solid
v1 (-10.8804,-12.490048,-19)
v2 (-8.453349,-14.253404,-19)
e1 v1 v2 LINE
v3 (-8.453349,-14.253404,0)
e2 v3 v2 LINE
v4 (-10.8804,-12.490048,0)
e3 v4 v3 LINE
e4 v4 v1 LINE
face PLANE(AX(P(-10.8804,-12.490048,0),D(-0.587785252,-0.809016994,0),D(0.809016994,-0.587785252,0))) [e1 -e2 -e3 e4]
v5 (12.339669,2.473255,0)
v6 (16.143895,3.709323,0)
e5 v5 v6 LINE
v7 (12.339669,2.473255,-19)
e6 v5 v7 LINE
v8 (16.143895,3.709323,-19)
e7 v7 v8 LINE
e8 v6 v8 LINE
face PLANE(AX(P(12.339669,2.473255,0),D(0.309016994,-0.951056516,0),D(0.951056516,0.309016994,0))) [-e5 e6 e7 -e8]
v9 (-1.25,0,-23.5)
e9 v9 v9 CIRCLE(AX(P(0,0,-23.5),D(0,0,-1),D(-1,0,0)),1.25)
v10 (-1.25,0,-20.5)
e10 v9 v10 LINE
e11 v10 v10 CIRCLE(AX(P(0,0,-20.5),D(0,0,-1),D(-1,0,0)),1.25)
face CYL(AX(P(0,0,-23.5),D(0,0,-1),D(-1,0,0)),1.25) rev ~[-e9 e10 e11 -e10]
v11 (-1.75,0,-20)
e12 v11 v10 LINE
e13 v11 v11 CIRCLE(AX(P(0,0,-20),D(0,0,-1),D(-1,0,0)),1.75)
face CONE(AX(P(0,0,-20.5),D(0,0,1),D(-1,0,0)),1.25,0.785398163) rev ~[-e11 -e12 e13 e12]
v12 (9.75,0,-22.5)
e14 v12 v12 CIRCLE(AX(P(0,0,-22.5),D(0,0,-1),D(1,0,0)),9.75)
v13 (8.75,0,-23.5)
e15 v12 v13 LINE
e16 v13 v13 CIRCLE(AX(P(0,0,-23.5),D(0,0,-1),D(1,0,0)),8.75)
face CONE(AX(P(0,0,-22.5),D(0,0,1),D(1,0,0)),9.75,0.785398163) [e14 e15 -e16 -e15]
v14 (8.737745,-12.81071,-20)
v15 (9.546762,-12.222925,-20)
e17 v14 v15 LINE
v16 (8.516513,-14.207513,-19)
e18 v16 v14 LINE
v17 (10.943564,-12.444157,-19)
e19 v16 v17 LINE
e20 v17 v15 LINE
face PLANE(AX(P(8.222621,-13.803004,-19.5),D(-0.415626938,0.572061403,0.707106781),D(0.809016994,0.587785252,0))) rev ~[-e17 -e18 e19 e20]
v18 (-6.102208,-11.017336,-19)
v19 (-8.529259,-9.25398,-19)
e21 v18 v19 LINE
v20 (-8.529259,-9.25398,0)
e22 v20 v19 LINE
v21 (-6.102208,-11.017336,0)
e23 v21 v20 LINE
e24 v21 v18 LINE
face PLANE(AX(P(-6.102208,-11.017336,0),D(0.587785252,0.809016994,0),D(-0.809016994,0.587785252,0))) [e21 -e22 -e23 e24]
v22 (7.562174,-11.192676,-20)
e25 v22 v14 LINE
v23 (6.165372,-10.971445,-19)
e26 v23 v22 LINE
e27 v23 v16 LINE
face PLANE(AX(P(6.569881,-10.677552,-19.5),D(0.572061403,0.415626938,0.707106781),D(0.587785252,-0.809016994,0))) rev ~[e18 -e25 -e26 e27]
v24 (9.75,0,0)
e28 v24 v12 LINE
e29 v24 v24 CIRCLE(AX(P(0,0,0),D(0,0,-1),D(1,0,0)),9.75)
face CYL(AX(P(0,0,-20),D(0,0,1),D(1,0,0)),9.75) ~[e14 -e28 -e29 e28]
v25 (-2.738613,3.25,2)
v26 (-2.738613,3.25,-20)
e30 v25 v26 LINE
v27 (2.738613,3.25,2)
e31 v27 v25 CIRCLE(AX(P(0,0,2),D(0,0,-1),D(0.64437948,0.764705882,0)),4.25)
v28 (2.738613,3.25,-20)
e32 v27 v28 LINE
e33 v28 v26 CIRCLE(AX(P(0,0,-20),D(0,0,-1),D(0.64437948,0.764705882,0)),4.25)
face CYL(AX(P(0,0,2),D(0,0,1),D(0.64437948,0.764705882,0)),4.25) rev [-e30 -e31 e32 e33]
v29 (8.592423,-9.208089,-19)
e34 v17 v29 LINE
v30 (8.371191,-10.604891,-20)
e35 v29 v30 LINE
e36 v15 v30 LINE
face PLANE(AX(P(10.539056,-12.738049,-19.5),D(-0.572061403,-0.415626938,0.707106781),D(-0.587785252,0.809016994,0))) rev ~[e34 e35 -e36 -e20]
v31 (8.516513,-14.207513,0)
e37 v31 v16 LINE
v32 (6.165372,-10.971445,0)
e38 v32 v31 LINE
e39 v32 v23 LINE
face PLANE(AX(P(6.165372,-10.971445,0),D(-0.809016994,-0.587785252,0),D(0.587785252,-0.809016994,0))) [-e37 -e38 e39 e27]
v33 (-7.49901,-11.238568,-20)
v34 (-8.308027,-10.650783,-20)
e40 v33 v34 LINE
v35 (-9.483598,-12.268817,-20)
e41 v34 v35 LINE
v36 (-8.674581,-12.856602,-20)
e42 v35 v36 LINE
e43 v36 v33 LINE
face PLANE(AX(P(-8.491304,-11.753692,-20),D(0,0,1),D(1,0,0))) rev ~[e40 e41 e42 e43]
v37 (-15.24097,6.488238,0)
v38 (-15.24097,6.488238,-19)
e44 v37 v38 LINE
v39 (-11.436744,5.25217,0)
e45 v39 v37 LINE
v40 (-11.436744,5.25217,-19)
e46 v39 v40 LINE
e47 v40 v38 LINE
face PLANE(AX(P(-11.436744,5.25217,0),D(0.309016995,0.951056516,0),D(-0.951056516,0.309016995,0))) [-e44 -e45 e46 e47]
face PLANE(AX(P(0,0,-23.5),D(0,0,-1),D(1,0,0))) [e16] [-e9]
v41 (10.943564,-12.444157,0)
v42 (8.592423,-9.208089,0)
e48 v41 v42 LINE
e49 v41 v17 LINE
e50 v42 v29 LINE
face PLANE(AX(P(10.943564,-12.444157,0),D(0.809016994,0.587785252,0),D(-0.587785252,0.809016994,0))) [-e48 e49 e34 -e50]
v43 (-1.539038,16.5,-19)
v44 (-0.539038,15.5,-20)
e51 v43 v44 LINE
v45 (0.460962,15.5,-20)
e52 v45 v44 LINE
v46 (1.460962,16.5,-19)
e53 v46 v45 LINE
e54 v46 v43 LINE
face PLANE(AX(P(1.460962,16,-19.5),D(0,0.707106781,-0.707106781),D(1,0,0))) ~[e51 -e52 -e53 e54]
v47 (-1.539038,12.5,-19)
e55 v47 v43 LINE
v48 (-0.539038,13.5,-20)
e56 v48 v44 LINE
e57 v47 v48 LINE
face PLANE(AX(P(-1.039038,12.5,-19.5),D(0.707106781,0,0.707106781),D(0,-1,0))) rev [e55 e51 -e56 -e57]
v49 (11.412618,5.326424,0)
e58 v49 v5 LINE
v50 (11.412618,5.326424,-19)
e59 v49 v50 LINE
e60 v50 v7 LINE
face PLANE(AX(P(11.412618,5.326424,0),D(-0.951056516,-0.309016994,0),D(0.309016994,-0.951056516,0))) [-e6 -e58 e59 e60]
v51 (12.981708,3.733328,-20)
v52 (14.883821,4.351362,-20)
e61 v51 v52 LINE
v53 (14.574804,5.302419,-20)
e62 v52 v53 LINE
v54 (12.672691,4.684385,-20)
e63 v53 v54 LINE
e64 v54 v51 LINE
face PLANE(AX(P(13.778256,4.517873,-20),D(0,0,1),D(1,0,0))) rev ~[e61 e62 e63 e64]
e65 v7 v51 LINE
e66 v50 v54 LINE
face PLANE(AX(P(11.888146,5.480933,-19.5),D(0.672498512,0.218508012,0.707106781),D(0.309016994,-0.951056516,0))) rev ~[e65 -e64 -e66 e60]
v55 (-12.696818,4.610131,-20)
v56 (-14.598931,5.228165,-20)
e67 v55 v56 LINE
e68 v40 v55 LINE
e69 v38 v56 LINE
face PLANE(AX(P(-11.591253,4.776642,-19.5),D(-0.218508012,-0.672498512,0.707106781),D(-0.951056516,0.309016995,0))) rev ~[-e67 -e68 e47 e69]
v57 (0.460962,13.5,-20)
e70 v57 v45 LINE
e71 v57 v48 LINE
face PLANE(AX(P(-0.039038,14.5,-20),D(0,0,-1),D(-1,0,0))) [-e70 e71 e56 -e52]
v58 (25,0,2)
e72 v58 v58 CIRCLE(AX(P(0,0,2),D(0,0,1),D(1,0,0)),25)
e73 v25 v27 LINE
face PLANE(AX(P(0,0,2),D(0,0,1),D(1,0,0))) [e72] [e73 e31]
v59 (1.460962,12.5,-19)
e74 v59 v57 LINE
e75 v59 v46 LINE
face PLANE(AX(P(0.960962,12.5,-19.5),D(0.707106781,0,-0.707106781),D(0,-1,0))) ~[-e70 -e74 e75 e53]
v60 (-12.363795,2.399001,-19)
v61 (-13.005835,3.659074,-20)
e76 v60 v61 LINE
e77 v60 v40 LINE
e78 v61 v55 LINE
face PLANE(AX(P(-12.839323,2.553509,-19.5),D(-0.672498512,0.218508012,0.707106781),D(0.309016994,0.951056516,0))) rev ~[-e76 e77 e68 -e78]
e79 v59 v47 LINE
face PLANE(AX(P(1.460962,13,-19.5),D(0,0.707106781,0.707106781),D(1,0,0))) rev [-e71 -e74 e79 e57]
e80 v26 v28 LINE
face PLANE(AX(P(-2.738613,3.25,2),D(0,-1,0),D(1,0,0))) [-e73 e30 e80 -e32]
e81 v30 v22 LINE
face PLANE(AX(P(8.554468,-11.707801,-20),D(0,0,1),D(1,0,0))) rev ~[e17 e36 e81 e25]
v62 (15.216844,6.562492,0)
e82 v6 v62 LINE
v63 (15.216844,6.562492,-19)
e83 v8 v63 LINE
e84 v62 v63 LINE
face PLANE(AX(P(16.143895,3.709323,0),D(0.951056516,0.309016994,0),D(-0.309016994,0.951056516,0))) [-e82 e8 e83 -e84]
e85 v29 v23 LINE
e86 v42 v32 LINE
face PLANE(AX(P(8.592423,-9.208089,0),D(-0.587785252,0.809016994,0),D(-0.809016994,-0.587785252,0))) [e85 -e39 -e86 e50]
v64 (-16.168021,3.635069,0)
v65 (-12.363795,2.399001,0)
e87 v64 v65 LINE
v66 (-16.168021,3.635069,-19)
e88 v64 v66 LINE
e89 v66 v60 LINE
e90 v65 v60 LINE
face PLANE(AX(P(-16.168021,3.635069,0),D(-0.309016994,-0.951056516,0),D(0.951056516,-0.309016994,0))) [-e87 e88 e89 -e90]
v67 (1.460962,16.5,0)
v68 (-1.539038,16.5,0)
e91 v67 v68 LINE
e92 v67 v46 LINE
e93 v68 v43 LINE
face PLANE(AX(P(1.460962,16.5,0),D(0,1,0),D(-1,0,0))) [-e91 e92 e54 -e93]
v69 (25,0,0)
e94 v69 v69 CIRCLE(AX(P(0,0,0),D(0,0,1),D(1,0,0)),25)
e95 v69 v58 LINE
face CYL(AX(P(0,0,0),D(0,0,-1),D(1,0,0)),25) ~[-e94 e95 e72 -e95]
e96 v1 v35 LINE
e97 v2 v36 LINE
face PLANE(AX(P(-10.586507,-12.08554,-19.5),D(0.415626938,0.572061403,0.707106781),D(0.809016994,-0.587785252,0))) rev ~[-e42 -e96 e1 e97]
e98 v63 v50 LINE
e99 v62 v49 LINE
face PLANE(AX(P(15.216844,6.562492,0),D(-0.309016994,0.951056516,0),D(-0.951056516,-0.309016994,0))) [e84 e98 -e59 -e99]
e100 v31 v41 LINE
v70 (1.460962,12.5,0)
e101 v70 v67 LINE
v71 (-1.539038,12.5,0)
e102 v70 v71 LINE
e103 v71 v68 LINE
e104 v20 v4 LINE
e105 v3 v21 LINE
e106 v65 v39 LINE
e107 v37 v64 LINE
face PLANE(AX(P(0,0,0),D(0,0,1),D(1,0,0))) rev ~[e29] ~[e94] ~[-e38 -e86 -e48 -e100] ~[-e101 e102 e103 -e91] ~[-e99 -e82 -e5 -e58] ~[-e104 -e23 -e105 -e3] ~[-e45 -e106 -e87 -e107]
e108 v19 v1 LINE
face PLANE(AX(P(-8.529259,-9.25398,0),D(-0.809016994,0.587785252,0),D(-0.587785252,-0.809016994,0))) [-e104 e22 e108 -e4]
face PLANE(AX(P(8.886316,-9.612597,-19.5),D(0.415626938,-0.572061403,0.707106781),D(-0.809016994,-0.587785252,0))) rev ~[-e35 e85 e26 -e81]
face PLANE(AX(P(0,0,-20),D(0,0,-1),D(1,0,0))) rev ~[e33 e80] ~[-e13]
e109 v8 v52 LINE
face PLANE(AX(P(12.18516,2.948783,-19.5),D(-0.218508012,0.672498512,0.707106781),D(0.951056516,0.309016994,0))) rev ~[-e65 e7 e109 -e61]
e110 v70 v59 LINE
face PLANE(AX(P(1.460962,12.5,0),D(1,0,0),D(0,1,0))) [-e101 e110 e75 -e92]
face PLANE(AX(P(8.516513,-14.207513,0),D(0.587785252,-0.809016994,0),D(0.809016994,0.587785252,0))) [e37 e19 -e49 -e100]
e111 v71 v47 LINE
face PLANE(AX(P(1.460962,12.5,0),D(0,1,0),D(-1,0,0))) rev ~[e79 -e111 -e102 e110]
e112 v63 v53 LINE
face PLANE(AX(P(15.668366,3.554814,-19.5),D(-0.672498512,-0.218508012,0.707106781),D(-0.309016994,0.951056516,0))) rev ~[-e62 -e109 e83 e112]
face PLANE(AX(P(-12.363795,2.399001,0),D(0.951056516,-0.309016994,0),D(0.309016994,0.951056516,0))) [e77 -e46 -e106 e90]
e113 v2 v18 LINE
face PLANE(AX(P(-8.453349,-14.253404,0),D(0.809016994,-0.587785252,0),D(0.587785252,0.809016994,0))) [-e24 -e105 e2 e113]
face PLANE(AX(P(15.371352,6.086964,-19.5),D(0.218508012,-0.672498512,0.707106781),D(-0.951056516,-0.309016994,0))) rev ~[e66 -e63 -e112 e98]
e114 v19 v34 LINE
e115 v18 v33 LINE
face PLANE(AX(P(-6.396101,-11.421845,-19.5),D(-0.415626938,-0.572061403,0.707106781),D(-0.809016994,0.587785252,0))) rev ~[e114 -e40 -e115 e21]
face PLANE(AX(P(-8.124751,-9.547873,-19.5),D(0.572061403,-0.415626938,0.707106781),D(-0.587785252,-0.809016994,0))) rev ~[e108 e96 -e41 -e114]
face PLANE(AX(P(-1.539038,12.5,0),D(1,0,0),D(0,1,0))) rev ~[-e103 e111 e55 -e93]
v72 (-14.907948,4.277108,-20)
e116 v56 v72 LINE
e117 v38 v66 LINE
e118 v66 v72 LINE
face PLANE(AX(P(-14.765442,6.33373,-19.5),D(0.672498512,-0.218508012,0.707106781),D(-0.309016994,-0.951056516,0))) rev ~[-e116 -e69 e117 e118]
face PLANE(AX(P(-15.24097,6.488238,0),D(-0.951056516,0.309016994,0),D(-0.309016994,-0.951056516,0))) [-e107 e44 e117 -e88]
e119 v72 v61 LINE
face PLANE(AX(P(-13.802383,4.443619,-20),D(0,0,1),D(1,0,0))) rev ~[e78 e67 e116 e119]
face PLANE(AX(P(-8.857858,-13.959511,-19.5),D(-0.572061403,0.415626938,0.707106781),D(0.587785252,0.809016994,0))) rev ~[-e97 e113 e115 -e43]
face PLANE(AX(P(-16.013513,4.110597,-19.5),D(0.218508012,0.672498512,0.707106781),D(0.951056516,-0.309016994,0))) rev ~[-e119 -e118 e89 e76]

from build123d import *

# Parameters (mm, degrees)
ESQUISSE3_R             = 25
BOSS_EXTRU_2_DEPTH      = 2
ESQUISSE5_R             = 9.75
ESQUISSE5_W             = 3
ESQUISSE5_H             = 4
BOSS_EXTRU_3_DEPTH      = 20
ENL_V_MAT_EXTRU_1_DEPTH = 22
ESQUISSE7_R             = 9.75
BOSS_EXTRU_4_DEPTH      = 3.5
ESQUISSE8_R             = 1.25
ENL_V_MAT_EXTRU_2_DEPTH = 44.591857038
CHANFREIN3_SIZE         = 1
CHANFREIN4_SIZE         = 1
CHANFREIN5_SIZE         = 0.5


with BuildPart() as part:
    # Esquisse3 → Boss.-Extru.2 (new body)
    with BuildSketch(Plane.XY):
        Circle(ESQUISSE3_R)
    extrude(amount=BOSS_EXTRU_2_DEPTH)

    # Esquisse5 → Boss.-Extru.3 (add)
    with BuildSketch(Plane(origin=(0, 0, 0), x_dir=(-1, 0, 0), z_dir=(0, 0, -1))):
        with Locations(Location((0, 0, 0), (0, 0, 180))):
            Circle(ESQUISSE5_R)
        Polygon((-15.216843748, 6.562492138), (-11.412617683, 5.326424161), (-12.339668666, 2.473254612), (-16.143894731, 3.709322589), align=None)
        with Locations((0.039037592, 14.5)):
            Rectangle(ESQUISSE5_W, ESQUISSE5_H)
        Polygon((15.240970307, 6.488238225), (16.16802129, 3.635068676), (12.363795225, 2.399000699), (11.436744242, 5.252170247), align=None)
        Polygon((10.880400079, -12.49004825), (8.453349096, -14.253404007), (6.102208086, -11.017336029), (8.52925907, -9.253980272), align=None)
        Polygon((-8.516513247, -14.207512565), (-10.94356423, -12.444156808), (-8.592423221, -9.20808883), (-6.165372238, -10.971444587), align=None)
    extrude(amount=BOSS_EXTRU_3_DEPTH)

    # Esquisse6 → Enlèv. mat.-Extru.1 (cut)
    with BuildSketch(Plane.XY.offset(2)):
        with BuildLine():
            Line((-2.738612788, 3.25), (2.738612788, 3.25))
            ThreePointArc((2.738612788, 3.25), (0, -4.25), (-2.738612788, 3.25))
        make_face()
    extrude(amount=-ENL_V_MAT_EXTRU_1_DEPTH, mode=Mode.SUBTRACT)

    # Esquisse7 → Boss.-Extru.4 (add)
    with BuildSketch(Plane(origin=(0, 0, -20), x_dir=(-1, 0, 0), z_dir=(0, 0, -1))):
        with Locations(Location((0, 0, 0), (0, 0, 180))):
            Circle(ESQUISSE7_R)
    extrude(amount=BOSS_EXTRU_4_DEPTH)

    # Esquisse8 → Enlèv. mat.-Extru.2 (cut, through all)
    with BuildSketch(Plane(origin=(0, 0, -23.5), x_dir=(-1, 0, 0), z_dir=(0, 0, -1))):
        Circle(ESQUISSE8_R)
    extrude(amount=-ENL_V_MAT_EXTRU_2_DEPTH, mode=Mode.SUBTRACT)

    # Chanfrein3
    chanfrein3_edges = [part.edges().sort_by_distance(p)[0] for p in [
        (14.241781698, 3.091288601, -20),
        (11.876143174, 3.899839386, -20),
        (13.314730715, 5.94445815, -20),
        (15.680369239, 5.135907364, -20),
    ]]
    chamfer(chanfrein3_edges, length=CHANFREIN3_SIZE)

    # Chanfrein4
    chanfrein4_edges = [part.edges().sort_by_distance(p)[0] for p in [
        (-1.539037592, 14.5, -20),
        (-0.039037592, 16.5, -20),
        (1.460962408, 14.5, -20),
        (-0.039037592, 12.5, -20),
        (-14.265908257, 3.017034687, -20),
        (-15.704495798, 5.061653451, -20),
        (-13.338857274, 5.870204236, -20),
        (-11.900269733, 3.825585473, -20),
        (-7.277778591, -12.635370018, -20),
        (-9.666874587, -13.371726128, -20),
        (-9.704829574, -10.872014261, -20),
        (-7.315733578, -10.135658151, -20),
        (9.767993725, -10.826122819, -20),
        (9.730038739, -13.325834686, -20),
        (7.340942742, -12.589478576, -20),
        (7.378897729, -10.089766709, -20),
        (-9.75, 0, -23.5),
    ]]
    chamfer(chanfrein4_edges, length=CHANFREIN4_SIZE)

    # Chanfrein5
    chanfrein5_edges = [part.edges().sort_by_distance(p)[0] for p in [
        (1.25, 0, -20),
    ]]
    chamfer(chanfrein5_edges, length=CHANFREIN5_SIZE)


solid = part.part
